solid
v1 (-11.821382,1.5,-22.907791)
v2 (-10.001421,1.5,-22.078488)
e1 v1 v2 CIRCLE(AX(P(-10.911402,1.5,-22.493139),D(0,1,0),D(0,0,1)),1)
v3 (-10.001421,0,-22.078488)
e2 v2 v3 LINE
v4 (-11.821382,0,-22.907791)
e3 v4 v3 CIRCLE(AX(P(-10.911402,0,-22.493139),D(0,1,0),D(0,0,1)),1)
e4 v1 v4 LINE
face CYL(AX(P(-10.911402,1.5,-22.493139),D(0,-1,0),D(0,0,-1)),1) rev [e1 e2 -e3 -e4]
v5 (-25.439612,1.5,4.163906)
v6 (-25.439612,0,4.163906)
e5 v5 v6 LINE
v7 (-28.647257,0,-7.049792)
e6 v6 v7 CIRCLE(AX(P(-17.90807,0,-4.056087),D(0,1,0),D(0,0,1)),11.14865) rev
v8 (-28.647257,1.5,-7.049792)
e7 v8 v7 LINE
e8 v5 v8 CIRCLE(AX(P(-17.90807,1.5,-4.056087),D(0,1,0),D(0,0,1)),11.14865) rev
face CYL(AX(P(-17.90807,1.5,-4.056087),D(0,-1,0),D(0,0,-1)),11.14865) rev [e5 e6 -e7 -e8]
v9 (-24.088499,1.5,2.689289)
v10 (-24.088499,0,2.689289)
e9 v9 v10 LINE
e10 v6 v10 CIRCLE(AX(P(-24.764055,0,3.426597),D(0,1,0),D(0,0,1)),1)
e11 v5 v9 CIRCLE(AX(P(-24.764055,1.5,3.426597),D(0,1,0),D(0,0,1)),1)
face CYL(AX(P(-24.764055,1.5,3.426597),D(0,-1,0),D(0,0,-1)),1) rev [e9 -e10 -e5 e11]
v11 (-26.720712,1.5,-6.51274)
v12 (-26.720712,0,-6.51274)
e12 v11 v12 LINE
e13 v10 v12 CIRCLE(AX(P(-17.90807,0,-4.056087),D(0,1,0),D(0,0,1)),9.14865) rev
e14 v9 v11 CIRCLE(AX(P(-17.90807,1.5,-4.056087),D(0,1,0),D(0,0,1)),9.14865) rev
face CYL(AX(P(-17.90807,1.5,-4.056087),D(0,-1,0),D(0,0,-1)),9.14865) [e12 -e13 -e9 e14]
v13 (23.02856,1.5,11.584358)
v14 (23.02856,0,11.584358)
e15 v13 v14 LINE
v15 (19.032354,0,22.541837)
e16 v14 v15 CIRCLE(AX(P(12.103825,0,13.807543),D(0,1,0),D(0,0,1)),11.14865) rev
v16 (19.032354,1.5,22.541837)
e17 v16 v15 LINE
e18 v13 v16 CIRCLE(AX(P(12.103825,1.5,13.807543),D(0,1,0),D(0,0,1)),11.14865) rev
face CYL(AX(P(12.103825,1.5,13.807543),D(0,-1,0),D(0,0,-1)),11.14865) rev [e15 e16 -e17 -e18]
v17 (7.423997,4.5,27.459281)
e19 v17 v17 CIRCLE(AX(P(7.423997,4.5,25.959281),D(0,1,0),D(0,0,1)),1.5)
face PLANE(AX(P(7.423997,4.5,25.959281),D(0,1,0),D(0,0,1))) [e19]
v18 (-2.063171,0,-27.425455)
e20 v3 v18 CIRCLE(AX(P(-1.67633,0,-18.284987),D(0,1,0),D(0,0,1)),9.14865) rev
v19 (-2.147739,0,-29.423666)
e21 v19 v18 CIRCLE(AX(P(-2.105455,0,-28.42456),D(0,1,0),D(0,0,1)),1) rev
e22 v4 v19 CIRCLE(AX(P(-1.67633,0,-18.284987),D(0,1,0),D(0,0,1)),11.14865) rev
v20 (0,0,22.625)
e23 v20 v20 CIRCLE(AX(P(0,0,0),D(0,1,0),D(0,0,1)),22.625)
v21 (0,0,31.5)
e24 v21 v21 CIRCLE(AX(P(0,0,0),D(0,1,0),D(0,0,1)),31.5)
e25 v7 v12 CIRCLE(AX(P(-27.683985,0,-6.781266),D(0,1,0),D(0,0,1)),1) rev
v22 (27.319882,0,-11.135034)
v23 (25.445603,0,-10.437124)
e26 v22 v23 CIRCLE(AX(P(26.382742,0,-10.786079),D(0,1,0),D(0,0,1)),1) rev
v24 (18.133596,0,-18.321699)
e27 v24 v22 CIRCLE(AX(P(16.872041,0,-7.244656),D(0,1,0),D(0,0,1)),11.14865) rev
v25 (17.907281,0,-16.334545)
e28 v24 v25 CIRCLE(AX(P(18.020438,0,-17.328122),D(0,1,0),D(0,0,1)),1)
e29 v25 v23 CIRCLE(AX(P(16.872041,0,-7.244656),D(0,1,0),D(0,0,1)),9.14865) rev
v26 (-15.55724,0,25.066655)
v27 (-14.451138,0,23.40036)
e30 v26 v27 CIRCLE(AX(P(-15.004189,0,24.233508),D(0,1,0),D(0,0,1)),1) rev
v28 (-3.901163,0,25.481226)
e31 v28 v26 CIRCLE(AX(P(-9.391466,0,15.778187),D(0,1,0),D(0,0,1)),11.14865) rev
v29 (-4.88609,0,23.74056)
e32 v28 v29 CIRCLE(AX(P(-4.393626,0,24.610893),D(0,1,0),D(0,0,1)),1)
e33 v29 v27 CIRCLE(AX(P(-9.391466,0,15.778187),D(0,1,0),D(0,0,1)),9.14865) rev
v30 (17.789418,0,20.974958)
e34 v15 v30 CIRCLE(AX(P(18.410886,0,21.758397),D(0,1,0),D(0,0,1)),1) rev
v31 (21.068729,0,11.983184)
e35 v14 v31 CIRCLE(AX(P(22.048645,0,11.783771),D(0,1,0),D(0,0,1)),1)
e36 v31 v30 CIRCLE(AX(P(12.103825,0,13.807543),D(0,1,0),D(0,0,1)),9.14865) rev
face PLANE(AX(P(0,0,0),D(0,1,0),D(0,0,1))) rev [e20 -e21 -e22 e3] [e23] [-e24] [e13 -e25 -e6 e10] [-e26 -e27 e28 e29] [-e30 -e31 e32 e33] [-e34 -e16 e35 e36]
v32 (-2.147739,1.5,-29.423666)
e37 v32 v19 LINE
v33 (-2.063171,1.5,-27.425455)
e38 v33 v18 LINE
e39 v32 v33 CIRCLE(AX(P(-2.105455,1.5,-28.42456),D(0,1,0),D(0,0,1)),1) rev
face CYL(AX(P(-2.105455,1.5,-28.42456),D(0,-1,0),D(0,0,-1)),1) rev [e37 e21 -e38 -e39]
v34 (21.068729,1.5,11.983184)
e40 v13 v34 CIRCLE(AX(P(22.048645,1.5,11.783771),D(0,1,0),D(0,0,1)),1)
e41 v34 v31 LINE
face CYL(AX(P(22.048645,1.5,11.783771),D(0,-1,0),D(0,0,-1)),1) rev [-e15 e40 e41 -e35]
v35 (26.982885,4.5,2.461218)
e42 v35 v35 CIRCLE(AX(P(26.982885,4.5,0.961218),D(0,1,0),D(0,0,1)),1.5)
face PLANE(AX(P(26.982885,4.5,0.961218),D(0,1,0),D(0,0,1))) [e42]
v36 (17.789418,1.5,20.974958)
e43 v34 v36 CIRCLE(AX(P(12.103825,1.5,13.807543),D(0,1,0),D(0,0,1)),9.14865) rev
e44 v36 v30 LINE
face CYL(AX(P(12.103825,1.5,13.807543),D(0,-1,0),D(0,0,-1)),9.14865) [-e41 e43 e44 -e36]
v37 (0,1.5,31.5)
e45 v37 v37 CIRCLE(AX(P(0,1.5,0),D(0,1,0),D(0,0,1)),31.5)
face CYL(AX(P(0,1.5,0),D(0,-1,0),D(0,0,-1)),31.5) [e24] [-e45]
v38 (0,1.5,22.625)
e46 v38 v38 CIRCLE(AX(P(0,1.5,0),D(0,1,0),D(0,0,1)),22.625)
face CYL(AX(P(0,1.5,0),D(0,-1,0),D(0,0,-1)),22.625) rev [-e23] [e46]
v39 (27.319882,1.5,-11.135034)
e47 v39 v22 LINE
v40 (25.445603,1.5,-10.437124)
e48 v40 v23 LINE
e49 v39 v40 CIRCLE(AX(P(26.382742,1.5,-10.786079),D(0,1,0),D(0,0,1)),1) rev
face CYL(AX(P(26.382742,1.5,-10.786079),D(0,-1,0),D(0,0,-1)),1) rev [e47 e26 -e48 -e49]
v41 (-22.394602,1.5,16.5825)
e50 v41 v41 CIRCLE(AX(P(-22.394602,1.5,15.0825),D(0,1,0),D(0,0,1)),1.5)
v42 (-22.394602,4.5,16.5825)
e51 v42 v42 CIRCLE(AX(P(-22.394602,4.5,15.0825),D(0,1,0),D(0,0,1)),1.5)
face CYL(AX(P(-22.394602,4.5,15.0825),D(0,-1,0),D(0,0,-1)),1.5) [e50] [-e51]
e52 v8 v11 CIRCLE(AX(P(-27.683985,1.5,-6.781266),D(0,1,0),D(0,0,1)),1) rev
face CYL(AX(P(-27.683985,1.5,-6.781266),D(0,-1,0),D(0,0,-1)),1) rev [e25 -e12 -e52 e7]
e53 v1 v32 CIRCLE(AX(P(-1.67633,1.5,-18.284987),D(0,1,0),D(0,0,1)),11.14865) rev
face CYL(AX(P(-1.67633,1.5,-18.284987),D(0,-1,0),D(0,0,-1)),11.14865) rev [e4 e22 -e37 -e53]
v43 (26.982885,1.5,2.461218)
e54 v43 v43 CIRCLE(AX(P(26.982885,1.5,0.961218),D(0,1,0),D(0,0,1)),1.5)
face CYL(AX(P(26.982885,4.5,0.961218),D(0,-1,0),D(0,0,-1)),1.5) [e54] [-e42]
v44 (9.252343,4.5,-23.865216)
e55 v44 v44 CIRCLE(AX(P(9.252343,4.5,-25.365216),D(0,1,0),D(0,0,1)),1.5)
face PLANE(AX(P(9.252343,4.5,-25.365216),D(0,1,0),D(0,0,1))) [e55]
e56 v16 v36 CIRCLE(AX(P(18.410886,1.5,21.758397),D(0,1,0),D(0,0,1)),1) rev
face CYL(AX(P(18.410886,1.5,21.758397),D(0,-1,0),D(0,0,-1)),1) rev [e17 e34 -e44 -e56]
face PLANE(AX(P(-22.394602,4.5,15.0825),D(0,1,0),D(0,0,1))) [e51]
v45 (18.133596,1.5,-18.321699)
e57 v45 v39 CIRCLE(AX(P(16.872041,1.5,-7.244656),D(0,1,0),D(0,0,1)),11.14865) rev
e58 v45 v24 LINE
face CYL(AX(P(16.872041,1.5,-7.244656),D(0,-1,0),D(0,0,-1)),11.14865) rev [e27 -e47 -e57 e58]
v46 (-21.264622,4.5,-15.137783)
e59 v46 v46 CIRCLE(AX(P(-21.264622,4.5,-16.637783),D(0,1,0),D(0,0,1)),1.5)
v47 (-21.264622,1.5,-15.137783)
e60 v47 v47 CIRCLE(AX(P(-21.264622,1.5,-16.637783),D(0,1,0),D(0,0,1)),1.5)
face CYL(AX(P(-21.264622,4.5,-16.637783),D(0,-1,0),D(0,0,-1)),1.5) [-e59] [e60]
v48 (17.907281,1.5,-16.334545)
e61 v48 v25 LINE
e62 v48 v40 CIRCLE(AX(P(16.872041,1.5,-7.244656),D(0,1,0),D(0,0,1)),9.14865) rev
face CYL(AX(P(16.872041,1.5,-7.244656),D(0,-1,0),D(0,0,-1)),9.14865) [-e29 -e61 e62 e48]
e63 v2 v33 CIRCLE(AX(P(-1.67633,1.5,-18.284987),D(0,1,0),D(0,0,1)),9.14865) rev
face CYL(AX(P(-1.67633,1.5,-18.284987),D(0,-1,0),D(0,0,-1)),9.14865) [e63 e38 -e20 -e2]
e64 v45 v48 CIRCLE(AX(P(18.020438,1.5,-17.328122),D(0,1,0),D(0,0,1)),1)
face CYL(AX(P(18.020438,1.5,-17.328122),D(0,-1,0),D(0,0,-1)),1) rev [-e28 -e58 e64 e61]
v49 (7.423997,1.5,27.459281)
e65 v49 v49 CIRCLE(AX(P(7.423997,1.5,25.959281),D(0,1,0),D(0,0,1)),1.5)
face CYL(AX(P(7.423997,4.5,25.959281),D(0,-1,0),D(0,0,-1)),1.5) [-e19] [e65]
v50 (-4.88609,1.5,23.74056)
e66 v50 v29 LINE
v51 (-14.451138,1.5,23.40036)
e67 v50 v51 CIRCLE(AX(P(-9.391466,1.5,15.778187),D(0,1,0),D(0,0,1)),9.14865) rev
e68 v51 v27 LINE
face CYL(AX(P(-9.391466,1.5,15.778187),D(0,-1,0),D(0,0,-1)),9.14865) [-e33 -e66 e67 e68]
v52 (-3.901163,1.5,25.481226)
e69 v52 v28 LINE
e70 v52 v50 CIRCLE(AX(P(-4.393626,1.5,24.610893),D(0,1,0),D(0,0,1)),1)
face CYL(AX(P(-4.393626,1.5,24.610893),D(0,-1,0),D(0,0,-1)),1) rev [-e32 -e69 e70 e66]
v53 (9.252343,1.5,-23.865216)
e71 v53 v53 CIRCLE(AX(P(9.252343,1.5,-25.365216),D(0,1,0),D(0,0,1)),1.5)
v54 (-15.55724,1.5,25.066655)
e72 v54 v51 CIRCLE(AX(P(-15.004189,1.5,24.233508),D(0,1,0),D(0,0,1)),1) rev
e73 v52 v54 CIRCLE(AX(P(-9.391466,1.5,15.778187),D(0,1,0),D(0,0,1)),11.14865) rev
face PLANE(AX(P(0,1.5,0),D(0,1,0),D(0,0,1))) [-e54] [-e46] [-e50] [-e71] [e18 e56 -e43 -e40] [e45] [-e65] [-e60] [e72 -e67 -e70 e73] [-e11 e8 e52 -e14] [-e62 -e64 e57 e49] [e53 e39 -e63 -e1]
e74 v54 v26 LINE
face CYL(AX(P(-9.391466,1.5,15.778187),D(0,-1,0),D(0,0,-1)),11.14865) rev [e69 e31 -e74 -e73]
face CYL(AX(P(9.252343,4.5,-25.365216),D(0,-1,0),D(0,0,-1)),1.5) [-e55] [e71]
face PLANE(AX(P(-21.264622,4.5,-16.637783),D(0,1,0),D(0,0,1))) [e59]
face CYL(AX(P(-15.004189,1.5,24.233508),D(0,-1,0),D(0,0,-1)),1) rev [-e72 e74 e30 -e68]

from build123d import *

# Parameters (mm, degrees)
SKETCH1_R           = 31.5
SKETCH1_R_2         = 22.625
BOSS_EXTRUDE1_DEPTH = 1.5
SKETCH2_R           = 1.5
BOSS_EXTRUDE2_DEPTH = 3


with BuildPart() as part:
    # Sketch1 → Boss-Extrude1 (new body)
    with BuildSketch(Plane(origin=(0, 0, 0), x_dir=(1, 0, 0), z_dir=(0, 1, 0))):
        with Locations(Location((0, 0, 0), (0, 0, 270))):
            Circle(SKETCH1_R)
        with Locations(Location((0, 0, 0), (0, 0, 270))):
            Circle(SKETCH1_R_2, mode=Mode.SUBTRACT)
        with BuildLine():
            ThreePointArc((-11.821381939, 22.907790728), (-7.904609513, 27.531658188), (-2.147738601, 29.423666069))
            ThreePointArc((-2.147738601, 29.423666069), (-1.106349013, 28.466844389), (-2.063170693, 27.425454801))
            ThreePointArc((-2.063170693, 27.425454801), (-6.78729401, 25.872861616), (-10.001421306, 22.07848783))
            ThreePointArc((-10.001421306, 22.07848783), (-11.326053072, 21.583158963), (-11.821381939, 22.907790728))
        make_face(mode=Mode.SUBTRACT)
        with BuildLine():
            ThreePointArc((17.907280569, 16.334544855), (22.509164441, 14.450254128), (25.445602695, 10.437123544))
            ThreePointArc((25.445602695, 10.437123544), (26.731697208, 9.848939131), (27.319881621, 11.135033644))
            ThreePointArc((27.319881621, 11.135033644), (23.741504251, 16.02548065), (18.13359573, 18.321698963))
            ThreePointArc((18.13359573, 18.321698963), (17.026861096, 17.44127949), (17.907280569, 16.334544855))
        make_face(mode=Mode.SUBTRACT)
        with BuildLine():
            ThreePointArc((21.068729344, -11.983183919), (20.698722692, -16.942113419), (17.789418023, -20.974957706))
            ThreePointArc((17.789418023, -20.974957706), (17.627446465, -22.379865253), (19.032354011, -22.541836811))
            ThreePointArc((19.032354011, -22.541836811), (22.577666084, -17.62736646), (23.028560438, -11.584358037))
            ThreePointArc((23.028560438, -11.584358037), (21.849231951, -10.803855431), (21.068729344, -11.983183919))
        make_face(mode=Mode.SUBTRACT)
        with BuildLine():
            ThreePointArc((-4.886089735, -23.74055981), (-9.716650293, -24.921056063), (-14.451137717, -23.400360319))
            ThreePointArc((-14.451137717, -23.400360319), (-15.837336158, -23.680456521), (-15.557239956, -25.066654962))
            ThreePointArc((-15.557239956, -25.066654962), (-9.787739224, -26.919792254), (-3.901162667, -25.481225968))
            ThreePointArc((-3.901162667, -25.481225968), (-3.523293122, -24.118429356), (-4.886089735, -23.74055981))
        make_face(mode=Mode.SUBTRACT)
        with BuildLine():
            ThreePointArc((-24.088498872, -2.689288956), (-26.70394283, 1.540053737), (-26.720712308, 6.51273968))
            ThreePointArc((-26.720712308, 6.51273968), (-27.415458501, 7.744538254), (-28.647257075, 7.04979206))
            ThreePointArc((-28.647257075, 7.04979206), (-28.626821597, 0.990019877), (-25.439611562, -4.163905686))
            ThreePointArc((-25.439611562, -4.163905686), (-24.026746852, -4.102153666), (-24.088498872, -2.689288956))
        make_face(mode=Mode.SUBTRACT)
    extrude(amount=BOSS_EXTRUDE1_DEPTH)

    # Sketch2 → Boss-Extrude2 (add)
    with BuildSketch(Plane(origin=(0, 1.5, 0), x_dir=(1, 0, 0), z_dir=(0, 1, 0))):
        with Locations(Location((-21.264622422, 16.637783303, 0), (0, 0, 270))):
            Circle(SKETCH2_R)
        with Locations(Location((9.252342519, 25.365215511, 0), (0, 0, 270))):
            Circle(SKETCH2_R)
        with Locations(Location((26.982884575, -0.961217985, 0), (0, 0, 270))):
            Circle(SKETCH2_R)
        with Locations(Location((7.423997262, -25.959280896, 0), (0, 0, 270))):
            Circle(SKETCH2_R)
        with Locations(Location((-22.394601934, -15.082499932, 0), (0, 0, 270))):
            Circle(SKETCH2_R)
    extrude(amount=BOSS_EXTRUDE2_DEPTH)


solid = part.part
